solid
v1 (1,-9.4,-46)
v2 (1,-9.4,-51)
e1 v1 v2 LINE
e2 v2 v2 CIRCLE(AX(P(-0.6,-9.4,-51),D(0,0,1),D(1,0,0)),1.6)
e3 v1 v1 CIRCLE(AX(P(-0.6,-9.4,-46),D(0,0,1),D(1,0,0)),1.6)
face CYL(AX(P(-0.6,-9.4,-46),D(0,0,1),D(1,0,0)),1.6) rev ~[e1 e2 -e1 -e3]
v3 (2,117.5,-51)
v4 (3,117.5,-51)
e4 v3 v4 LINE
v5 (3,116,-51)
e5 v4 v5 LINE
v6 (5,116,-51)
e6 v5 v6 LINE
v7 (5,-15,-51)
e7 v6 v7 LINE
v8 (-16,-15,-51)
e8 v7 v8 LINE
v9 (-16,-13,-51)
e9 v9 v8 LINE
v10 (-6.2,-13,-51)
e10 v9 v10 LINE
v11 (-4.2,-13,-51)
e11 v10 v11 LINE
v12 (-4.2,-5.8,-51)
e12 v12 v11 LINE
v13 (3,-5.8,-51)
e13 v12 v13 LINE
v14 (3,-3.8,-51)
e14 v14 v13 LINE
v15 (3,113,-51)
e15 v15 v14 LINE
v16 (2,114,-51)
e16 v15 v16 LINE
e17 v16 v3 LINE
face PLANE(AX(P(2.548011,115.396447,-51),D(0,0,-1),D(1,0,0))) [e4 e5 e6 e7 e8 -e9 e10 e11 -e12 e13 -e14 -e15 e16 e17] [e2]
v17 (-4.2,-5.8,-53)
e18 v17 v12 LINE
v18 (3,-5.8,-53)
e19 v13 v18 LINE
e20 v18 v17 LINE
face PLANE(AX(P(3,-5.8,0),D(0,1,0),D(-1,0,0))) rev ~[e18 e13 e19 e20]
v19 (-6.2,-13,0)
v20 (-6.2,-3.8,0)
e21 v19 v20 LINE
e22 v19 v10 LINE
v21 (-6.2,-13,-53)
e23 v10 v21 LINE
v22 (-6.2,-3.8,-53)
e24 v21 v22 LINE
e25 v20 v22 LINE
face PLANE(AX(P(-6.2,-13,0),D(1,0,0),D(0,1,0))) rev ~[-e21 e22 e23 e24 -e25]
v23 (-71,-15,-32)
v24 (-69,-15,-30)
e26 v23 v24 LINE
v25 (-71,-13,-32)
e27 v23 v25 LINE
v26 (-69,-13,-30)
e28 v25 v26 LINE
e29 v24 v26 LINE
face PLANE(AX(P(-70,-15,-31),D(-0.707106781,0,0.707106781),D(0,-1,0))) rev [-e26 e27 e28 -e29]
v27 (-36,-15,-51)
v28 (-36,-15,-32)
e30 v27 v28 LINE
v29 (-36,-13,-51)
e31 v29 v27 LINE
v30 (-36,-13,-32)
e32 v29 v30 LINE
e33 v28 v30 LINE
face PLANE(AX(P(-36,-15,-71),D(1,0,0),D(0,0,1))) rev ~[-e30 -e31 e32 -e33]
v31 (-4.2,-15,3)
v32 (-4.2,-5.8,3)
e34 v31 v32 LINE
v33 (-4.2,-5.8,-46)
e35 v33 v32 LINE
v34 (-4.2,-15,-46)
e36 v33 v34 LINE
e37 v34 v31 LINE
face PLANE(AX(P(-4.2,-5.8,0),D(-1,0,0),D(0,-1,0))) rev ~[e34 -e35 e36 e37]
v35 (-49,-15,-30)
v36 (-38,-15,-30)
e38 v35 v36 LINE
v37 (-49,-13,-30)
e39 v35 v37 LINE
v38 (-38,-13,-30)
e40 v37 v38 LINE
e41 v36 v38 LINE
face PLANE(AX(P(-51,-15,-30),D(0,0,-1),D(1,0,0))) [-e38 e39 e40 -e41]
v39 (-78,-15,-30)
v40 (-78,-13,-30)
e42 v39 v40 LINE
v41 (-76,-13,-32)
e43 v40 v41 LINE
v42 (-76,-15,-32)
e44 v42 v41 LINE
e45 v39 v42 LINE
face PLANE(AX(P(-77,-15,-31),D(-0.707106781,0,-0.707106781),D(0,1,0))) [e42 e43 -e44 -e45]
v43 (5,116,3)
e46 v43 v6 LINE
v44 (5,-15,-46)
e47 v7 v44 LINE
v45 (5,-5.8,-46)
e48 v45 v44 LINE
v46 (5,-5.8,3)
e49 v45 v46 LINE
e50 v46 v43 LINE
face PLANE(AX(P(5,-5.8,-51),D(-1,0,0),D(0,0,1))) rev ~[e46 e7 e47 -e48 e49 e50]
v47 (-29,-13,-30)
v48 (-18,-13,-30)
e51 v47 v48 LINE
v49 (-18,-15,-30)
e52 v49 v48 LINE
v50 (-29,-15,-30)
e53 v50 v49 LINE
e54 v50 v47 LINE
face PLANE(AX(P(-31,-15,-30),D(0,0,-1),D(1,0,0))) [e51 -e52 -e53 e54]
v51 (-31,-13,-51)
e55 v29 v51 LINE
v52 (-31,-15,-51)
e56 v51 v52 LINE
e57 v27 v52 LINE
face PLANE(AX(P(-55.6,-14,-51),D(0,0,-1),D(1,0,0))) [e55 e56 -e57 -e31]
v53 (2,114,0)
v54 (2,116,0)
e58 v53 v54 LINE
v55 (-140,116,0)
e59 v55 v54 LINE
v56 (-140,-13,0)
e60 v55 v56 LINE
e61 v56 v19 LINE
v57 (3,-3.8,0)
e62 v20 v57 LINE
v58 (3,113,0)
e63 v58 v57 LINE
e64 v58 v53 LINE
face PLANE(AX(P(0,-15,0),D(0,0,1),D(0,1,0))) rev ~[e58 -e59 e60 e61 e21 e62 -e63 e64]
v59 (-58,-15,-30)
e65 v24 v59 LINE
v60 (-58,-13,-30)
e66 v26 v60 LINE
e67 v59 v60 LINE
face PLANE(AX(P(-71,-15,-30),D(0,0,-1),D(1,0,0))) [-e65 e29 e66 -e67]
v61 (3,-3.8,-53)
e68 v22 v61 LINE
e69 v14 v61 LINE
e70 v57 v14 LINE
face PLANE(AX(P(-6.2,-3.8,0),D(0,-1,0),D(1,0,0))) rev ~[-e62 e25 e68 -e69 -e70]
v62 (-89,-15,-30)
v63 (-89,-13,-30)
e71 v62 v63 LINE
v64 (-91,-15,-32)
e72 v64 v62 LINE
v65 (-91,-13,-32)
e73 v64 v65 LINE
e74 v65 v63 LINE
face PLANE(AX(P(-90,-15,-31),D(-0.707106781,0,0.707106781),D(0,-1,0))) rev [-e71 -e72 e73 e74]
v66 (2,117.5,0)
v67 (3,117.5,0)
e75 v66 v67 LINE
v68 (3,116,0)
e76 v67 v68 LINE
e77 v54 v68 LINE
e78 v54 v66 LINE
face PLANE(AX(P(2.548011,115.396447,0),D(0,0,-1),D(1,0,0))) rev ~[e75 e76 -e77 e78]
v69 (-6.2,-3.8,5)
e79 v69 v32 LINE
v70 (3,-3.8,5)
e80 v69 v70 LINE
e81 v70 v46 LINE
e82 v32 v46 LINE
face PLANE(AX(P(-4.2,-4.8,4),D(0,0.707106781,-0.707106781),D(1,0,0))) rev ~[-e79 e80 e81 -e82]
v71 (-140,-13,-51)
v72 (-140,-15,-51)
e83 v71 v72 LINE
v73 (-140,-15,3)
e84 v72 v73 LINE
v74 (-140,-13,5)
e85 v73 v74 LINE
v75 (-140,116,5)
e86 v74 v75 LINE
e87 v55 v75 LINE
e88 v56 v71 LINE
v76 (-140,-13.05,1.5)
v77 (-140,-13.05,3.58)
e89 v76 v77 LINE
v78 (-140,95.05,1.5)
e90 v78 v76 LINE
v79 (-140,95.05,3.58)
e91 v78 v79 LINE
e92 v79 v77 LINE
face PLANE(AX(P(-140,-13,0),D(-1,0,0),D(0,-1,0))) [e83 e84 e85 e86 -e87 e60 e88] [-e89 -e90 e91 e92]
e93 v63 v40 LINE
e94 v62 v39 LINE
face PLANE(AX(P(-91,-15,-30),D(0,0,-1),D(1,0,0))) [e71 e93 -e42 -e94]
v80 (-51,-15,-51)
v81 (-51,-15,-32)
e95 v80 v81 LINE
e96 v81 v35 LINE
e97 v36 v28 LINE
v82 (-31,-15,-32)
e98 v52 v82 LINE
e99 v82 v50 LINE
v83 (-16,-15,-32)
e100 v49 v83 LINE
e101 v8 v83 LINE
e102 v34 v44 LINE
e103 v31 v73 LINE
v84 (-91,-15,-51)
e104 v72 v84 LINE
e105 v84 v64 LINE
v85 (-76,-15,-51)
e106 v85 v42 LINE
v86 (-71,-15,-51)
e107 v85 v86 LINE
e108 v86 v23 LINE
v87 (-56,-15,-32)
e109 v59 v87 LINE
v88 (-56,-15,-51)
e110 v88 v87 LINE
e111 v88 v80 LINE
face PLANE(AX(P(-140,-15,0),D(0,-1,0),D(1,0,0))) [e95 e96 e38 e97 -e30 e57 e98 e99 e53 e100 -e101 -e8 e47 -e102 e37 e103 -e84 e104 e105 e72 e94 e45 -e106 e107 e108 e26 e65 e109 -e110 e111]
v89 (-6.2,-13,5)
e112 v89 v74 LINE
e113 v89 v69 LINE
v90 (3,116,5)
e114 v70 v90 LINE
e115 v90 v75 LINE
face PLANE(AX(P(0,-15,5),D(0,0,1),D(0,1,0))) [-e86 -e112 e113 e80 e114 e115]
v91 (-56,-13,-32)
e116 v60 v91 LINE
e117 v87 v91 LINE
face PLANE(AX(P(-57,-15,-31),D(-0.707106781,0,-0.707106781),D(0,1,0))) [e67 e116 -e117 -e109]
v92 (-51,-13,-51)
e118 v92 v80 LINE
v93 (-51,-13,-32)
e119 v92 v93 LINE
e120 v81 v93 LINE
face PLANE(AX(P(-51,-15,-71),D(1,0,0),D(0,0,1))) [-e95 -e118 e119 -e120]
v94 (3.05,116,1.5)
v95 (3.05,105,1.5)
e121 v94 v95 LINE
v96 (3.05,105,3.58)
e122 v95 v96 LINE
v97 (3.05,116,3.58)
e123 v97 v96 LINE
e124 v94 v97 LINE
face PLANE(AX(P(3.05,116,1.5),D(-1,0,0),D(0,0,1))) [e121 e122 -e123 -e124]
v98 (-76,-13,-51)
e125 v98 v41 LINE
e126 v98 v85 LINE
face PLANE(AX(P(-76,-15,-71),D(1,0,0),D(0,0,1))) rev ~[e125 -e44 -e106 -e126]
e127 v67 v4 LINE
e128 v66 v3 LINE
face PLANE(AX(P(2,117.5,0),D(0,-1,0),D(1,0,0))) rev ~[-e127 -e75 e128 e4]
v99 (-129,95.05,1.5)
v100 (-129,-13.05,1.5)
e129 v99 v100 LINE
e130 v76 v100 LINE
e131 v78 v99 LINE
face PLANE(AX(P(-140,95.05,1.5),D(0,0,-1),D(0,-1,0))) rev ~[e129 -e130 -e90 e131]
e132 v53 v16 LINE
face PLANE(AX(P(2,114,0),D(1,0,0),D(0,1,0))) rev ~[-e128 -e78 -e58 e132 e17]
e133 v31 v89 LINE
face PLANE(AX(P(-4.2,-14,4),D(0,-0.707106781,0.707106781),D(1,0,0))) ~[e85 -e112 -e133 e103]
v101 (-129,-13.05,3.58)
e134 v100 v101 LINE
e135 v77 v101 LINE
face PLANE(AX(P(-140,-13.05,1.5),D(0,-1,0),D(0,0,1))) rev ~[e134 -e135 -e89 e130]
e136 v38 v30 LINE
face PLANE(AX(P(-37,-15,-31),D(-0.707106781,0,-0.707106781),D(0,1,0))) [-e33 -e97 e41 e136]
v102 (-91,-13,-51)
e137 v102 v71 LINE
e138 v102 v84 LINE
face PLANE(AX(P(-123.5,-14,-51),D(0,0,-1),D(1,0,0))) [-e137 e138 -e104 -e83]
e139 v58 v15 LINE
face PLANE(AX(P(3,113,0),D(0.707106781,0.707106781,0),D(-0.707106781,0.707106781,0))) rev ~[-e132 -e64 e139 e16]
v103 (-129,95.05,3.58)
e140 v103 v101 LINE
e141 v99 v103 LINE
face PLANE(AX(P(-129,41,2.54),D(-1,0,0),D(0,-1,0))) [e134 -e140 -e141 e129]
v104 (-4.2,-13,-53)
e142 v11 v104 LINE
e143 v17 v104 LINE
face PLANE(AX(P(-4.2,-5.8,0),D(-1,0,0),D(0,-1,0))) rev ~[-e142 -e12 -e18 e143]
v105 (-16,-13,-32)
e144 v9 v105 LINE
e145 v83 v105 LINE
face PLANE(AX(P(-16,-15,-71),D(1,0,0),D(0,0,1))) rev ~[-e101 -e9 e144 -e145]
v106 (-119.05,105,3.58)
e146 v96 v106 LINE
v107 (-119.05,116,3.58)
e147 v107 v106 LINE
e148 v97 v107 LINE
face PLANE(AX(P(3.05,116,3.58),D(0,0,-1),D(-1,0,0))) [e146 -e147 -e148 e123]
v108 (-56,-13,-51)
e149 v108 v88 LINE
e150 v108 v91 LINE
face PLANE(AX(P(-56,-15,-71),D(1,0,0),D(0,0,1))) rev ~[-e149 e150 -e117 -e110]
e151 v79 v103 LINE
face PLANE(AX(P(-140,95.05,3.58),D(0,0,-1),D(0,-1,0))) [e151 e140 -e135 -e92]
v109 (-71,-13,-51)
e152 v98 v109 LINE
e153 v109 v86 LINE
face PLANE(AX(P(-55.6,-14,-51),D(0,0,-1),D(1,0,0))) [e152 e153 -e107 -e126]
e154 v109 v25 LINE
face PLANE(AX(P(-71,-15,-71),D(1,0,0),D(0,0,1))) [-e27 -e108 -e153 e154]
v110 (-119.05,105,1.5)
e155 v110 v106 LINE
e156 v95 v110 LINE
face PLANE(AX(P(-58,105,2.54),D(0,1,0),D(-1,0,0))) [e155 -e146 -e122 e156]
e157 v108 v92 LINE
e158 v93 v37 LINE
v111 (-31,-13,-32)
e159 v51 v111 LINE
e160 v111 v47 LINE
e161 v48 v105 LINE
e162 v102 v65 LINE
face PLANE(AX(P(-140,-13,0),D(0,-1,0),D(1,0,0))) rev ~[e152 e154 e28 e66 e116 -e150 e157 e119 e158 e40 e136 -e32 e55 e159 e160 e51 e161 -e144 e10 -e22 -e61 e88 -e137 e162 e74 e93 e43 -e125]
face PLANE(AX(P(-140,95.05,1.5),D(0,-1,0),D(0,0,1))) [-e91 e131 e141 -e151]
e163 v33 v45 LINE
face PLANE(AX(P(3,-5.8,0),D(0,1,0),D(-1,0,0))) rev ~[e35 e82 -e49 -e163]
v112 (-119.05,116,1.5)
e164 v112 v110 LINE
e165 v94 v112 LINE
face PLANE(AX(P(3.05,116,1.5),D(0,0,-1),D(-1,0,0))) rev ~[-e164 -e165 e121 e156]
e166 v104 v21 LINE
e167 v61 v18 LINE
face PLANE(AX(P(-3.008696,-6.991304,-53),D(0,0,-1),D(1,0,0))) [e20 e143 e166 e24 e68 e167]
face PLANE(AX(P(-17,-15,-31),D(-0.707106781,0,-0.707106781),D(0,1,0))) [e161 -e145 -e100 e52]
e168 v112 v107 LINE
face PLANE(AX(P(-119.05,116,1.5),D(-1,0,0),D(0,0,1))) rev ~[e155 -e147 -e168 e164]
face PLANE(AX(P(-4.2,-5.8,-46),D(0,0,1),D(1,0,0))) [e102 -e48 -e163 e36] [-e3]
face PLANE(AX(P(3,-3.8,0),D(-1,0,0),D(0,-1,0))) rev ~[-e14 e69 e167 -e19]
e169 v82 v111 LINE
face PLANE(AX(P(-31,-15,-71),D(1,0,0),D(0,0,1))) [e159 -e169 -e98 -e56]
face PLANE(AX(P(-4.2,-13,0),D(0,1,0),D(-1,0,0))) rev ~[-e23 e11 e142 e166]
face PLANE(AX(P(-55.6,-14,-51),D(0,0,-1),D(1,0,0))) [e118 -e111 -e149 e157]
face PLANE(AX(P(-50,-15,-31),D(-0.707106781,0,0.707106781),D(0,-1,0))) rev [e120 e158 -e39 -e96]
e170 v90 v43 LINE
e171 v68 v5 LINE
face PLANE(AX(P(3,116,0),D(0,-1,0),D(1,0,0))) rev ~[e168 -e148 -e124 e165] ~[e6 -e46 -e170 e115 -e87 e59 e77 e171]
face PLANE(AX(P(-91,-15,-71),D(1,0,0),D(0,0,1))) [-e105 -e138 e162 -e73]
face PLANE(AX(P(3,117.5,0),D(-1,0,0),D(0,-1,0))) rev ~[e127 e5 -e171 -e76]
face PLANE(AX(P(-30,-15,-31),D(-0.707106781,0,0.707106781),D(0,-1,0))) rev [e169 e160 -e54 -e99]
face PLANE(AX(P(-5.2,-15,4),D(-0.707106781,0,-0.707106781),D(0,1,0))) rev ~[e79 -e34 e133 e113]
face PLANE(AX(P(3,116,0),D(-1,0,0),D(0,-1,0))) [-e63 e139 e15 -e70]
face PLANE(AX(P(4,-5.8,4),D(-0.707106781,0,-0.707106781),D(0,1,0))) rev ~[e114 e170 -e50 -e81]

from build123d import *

# Parameters (mm, degrees)
SKETCH_1_W      = 140
SKETCH_1_H      = 116
PAD_DEPTH       = 5
SKETCH_W        = 140
SKETCH_H        = 15
PAD001_DEPTH    = 5
SKETCH001_W     = 131
SKETCH001_H     = 5
PAD002_DEPTH    = 5
SKETCH002_W     = 9.2
SKETCH002_H     = 9.2
POCKET_DEPTH    = 5
SKETCH003_W     = 102.8
SKETCH003_H     = 2
PAD003_DEPTH    = 51
SKETCH004_W     = 2
SKETCH004_H     = 121.8
PAD004_DEPTH    = 51
PAD005_DEPTH    = 53
SKETCH006_W     = 15
SKETCH006_H     = 41
POCKET001_DEPTH = 2
SKETCH007_W     = 9.2
SKETCH007_H     = 5
PAD006_DEPTH    = 9.2
SKETCH008_R     = 1.6
POCKET002_DEPTH = 5
SKETCH009_W     = 33
SKETCH009_H     = 2
PAD007_DEPTH    = 51
SKETCH010_W     = 108.1
SKETCH010_H     = 2.08
POCKET003_DEPTH = 11
SKETCH011_W     = 122.1
SKETCH011_H     = 2.08
POCKET004_DEPTH = 11
CHAMFER_SIZE    = 2
PAD008_DEPTH    = 51
CHAMFER001_SIZE = 2


with BuildPart() as part:
    # Sketch_1 → Pad (new body)
    with BuildSketch(Plane.XY):
        with Locations((-70, 58)):
            Rectangle(SKETCH_1_W, SKETCH_1_H)
    extrude(amount=PAD_DEPTH)

    # Sketch → Pad001 (join)
    with BuildSketch(Plane.XY):
        with Locations((-70, -7.5)):
            Rectangle(SKETCH_W, SKETCH_H)
    extrude(amount=PAD001_DEPTH)

    # Sketch001 (on Face9 of Pad001) → Pad002 (join)
    with BuildSketch(Plane.YZ):
        with Locations((50.5, 2.5)):
            Rectangle(SKETCH001_W, SKETCH001_H)
    extrude(amount=PAD002_DEPTH)

    # Sketch002 (on Face11 of Pad002) → Pocket (cut)
    with BuildSketch(Plane.XY.offset(5)):
        with Locations((0.4, -10.4)):
            Rectangle(SKETCH002_W, SKETCH002_H)
    extrude(amount=-POCKET_DEPTH, mode=Mode.SUBTRACT)

    # Sketch003 (on Face7 of Pocket) → Pad003 (join)
    with BuildSketch(Plane(origin=(0, 0, 0), x_dir=(1, 0, 0), z_dir=(0, 0, -1))):
        with Locations((-55.6, 14)):
            Rectangle(SKETCH003_W, SKETCH003_H)
    extrude(amount=PAD003_DEPTH)

    # Sketch004 (on Face10 of Pad003) → Pad004 (join)
    with BuildSketch(Plane(origin=(0, 0, 0), x_dir=(1, 0, 0), z_dir=(0, 0, -1))):
        with Locations((4, -55.1)):
            Rectangle(SKETCH004_W, SKETCH004_H)
    extrude(amount=PAD004_DEPTH)

    # Sketch005 (on Face7 of Pad004) → Pad005 (join)
    with BuildSketch(Plane(origin=(0, 0, 0), x_dir=(1, 0, 0), z_dir=(0, 0, -1))):
        Polygon((-4.2, 13), (-6.2, 13), (-6.2, 3.8), (3, 3.8), (3, 5.8), (-4.2, 5.8), align=None)
    extrude(amount=PAD005_DEPTH)

    # Sketch006 (on Face12 of Pad005) → Pocket001 (cut)
    with BuildSketch(Plane.XZ.offset(15)):
        with Locations((-23.5, -50.5)):
            Rectangle(SKETCH006_W, SKETCH006_H)
        with Locations((-43.5, -50.5)):
            Rectangle(SKETCH006_W, SKETCH006_H)
        with Locations((-63.5, -50.5)):
            Rectangle(SKETCH006_W, SKETCH006_H)
        with Locations((-83.5, -50.5)):
            Rectangle(SKETCH006_W, SKETCH006_H)
    extrude(amount=-POCKET001_DEPTH, mode=Mode.SUBTRACT)

    # Sketch007 (on Face44 of Pocket001) → Pad006 (join)
    with BuildSketch(Plane.XZ.offset(5.8)):
        with Locations((0.4, -48.5)):
            Rectangle(SKETCH007_W, SKETCH007_H)
    extrude(amount=PAD006_DEPTH)

    # Sketch008 (on Face50 of Pad006) → Pocket002 (cut)
    with BuildSketch(Plane.XY.offset(-46)):
        with Locations((-0.6, -9.4)):
            Circle(SKETCH008_R)
    extrude(amount=-POCKET002_DEPTH, mode=Mode.SUBTRACT)

    # Sketch009 (on Face7 of Pocket002) → Pad007 (join)
    with BuildSketch(Plane(origin=(0, 0, 0), x_dir=(1, 0, 0), z_dir=(0, 0, -1))):
        with Locations((-123.5, 14)):
            Rectangle(SKETCH009_W, SKETCH009_H)
    extrude(amount=PAD007_DEPTH)

    # Sketch010 (on Face1 of Pad007) → Pocket003 (cut)
    with BuildSketch(Plane(origin=(-140, 0, 0), x_dir=(0, -1, 0), z_dir=(-1, 0, 0))):
        with Locations((-41, 2.54)):
            Rectangle(SKETCH010_W, SKETCH010_H)
    extrude(amount=-POCKET003_DEPTH, mode=Mode.SUBTRACT)

    # Sketch011 (on Face3 of Pocket003) → Pocket004 (cut)
    with BuildSketch(Plane(origin=(0, 116, 0), x_dir=(-1, 0, 0), z_dir=(0, 1, 0))):
        with Locations((58, 2.54)):
            Rectangle(SKETCH011_W, SKETCH011_H)
    extrude(amount=-POCKET004_DEPTH, mode=Mode.SUBTRACT)

    # Chamfer
    chamfer_edges = [part.edges().sort_by_distance(p)[0] for p in [
        (-72.1, -15, 5),
        (-4.2, -10.4, 5),
        (-2.1, -5.8, 5),
        (2.5, -5.8, 5),
        (5, 55.1, 5),
    ]]
    chamfer(chamfer_edges, length=CHAMFER_SIZE)

    # Sketch012 (on Face23 of Chamfer) → Pad008 (join)
    with BuildSketch(Plane(origin=(0, 0, 0), x_dir=(1, 0, 0), z_dir=(0, 0, -1))):
        Polygon((2, -114), (2, -117.5), (3, -117.5), (3, -114), (3, -113), align=None)
    extrude(amount=PAD008_DEPTH)

    # Chamfer001
    chamfer001_edges = [part.edges().sort_by_distance(p)[0] for p in [
        (-91, -14, -30),
        (-76, -14, -30),
        (-71, -14, -30),
        (-56, -14, -30),
        (-51, -14, -30),
        (-36, -14, -30),
        (-31, -14, -30),
        (-16, -14, -30),
    ]]
    chamfer(chamfer001_edges, length=CHAMFER001_SIZE)


solid = part.part
